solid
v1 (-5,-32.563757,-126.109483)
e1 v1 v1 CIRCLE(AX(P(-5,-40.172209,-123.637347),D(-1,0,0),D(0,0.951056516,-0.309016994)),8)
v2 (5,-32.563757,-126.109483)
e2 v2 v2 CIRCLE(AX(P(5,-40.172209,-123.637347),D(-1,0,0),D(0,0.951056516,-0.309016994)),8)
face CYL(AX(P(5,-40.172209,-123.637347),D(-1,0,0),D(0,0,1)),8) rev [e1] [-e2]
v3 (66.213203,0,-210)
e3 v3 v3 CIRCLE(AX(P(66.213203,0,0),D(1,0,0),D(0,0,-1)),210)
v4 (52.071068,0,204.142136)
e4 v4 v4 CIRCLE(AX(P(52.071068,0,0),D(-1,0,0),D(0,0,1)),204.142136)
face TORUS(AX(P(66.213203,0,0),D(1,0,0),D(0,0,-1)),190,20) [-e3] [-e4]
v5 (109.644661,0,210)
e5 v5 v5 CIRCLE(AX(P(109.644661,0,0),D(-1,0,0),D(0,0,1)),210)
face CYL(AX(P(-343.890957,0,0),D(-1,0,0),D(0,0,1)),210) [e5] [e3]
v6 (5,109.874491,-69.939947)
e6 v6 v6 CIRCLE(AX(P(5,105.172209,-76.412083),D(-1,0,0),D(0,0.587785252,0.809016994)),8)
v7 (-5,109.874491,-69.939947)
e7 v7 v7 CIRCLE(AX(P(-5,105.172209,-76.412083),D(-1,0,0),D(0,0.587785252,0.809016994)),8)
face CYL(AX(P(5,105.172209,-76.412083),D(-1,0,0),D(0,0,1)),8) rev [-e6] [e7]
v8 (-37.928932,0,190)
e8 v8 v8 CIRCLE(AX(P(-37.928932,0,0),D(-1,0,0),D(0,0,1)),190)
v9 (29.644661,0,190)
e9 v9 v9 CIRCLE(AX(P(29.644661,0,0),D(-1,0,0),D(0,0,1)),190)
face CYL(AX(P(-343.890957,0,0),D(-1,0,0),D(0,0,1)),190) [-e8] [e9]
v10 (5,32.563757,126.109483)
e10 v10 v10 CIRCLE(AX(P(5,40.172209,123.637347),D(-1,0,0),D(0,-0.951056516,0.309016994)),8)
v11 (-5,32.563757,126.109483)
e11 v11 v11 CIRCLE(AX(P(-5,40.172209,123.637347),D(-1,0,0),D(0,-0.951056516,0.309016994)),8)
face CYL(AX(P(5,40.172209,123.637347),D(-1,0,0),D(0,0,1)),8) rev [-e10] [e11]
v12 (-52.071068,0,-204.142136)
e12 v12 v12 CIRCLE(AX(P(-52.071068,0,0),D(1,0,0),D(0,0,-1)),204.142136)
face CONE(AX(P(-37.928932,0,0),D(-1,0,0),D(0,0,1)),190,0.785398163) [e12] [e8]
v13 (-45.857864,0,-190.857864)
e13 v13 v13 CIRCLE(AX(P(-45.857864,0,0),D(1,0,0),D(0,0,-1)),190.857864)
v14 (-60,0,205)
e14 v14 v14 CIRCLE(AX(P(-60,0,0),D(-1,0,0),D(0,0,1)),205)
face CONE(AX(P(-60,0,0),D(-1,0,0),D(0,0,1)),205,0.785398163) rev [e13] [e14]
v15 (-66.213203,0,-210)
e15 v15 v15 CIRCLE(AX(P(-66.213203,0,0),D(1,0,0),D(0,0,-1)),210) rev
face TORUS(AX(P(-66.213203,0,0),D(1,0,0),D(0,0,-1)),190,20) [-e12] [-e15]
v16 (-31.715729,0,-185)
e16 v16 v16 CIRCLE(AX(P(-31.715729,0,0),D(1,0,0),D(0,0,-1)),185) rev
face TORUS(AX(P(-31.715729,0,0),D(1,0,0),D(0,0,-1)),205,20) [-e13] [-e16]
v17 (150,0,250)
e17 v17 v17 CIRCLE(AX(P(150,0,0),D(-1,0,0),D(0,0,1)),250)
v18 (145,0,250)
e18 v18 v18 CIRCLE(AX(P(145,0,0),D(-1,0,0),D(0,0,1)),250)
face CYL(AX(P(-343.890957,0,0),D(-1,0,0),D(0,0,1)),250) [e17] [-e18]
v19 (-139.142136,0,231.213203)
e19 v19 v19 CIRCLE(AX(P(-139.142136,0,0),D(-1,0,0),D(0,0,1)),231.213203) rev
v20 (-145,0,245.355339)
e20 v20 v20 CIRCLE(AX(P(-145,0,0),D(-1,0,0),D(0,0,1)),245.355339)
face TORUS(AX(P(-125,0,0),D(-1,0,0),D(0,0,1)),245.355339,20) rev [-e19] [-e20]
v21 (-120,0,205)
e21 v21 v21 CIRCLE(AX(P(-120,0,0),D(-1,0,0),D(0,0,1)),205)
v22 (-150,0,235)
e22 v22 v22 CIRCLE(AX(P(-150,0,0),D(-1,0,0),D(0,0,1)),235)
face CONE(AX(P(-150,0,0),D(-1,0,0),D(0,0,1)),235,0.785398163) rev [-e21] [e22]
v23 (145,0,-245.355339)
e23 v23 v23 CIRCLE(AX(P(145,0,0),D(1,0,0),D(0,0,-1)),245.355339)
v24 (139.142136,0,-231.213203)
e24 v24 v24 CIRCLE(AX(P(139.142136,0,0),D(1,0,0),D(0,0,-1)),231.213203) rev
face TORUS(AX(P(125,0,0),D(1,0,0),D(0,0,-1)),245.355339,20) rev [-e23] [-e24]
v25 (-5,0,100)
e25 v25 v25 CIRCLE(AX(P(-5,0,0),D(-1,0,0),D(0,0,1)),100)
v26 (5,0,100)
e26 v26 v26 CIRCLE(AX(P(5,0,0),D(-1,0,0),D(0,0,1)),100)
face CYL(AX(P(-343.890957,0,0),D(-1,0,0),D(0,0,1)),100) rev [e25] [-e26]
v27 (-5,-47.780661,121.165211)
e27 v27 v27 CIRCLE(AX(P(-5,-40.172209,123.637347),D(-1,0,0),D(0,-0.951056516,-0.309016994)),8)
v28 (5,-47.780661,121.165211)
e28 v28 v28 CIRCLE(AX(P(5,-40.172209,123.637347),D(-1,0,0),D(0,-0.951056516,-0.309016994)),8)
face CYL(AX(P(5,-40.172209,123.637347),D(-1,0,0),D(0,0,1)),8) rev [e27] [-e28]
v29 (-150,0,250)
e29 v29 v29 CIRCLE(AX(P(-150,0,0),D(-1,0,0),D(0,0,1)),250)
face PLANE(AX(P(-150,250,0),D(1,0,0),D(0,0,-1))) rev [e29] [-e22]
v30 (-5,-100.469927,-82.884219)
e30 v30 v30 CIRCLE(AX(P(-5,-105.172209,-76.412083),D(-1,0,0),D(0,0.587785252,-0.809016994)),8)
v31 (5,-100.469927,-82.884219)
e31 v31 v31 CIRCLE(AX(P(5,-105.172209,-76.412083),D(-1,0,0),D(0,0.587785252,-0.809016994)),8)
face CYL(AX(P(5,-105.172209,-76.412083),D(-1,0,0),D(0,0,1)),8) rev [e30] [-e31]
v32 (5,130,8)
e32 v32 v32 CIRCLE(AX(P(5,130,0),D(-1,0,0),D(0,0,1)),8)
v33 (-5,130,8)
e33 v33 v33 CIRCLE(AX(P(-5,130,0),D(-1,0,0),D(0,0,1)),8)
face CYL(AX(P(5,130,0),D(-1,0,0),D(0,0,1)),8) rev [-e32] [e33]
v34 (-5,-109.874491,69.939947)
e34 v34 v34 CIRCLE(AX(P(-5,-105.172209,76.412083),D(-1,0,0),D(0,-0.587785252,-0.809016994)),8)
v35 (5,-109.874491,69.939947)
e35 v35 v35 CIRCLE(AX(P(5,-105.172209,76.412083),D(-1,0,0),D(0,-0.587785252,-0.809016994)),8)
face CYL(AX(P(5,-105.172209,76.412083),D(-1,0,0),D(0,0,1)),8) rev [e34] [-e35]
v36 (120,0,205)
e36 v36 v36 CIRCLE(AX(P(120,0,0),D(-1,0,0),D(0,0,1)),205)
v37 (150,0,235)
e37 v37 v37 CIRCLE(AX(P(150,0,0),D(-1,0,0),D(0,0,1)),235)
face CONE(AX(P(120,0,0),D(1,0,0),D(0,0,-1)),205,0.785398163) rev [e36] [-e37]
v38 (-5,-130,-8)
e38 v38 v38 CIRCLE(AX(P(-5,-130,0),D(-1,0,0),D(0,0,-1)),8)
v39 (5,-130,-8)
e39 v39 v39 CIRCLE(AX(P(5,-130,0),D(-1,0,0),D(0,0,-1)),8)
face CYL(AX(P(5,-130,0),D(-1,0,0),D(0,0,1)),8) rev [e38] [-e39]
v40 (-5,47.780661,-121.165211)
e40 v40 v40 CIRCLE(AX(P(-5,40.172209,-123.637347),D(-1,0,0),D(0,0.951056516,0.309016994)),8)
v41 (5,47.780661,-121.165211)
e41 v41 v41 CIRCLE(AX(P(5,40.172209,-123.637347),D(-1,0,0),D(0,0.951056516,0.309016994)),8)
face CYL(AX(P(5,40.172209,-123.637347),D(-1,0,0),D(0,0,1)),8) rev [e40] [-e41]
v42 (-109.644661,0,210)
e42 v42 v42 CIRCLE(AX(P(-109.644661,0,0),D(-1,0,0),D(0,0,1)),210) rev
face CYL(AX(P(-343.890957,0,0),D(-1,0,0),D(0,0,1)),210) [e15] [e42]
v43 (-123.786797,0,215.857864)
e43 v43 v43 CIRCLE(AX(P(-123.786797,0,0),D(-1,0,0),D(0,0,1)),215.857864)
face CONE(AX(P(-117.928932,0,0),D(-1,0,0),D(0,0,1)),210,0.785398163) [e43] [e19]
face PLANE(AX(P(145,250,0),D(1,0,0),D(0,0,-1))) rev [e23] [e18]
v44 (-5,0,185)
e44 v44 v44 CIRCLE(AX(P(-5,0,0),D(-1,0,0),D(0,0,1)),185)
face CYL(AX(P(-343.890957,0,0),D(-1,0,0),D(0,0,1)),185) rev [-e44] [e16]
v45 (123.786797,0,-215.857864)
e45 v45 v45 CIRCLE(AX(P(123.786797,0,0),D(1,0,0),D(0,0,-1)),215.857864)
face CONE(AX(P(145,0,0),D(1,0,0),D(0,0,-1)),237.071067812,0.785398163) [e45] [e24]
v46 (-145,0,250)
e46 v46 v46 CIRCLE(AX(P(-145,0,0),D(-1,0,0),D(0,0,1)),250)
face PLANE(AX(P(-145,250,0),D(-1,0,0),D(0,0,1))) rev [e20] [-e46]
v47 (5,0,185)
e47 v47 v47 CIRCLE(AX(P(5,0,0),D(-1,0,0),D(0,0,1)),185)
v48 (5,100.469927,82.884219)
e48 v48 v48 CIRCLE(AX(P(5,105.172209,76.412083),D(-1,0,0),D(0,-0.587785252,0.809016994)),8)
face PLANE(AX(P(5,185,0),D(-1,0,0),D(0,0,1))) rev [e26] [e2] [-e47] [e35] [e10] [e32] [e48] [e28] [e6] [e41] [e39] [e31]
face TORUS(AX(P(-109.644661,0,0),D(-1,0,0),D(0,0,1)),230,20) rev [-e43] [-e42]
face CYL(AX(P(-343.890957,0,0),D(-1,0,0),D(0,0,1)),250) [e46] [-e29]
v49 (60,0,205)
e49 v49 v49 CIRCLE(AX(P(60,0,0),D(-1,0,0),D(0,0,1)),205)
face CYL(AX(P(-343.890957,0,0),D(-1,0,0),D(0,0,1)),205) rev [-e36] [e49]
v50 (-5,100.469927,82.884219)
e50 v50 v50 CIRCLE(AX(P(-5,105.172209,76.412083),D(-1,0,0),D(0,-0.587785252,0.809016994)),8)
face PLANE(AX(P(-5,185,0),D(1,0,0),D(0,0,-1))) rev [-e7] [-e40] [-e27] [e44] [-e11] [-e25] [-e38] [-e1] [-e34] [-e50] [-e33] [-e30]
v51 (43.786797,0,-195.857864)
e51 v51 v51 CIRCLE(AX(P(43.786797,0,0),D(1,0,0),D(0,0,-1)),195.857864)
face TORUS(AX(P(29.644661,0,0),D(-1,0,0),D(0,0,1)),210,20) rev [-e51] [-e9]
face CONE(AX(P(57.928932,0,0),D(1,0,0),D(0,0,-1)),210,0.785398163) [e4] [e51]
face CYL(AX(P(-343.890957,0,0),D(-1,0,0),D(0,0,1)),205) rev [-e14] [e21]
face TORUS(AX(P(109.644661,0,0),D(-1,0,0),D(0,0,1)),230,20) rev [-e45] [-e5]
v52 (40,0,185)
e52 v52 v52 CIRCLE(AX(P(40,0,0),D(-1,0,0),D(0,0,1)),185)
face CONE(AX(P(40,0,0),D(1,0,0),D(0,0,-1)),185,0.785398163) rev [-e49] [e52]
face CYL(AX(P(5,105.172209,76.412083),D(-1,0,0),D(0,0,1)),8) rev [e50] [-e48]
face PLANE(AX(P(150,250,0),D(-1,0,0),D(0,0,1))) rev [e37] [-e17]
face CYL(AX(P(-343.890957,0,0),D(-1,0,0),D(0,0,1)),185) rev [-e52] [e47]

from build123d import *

# Parameters (mm, degrees)
FILLET1_R          = 20
SKETCH2_R          = 8
CUT_EXTRUDE1_DEPTH = 10
CIRPATTERN1_COUNT  = 10


with BuildPart() as part:
    # Sketch1 → Revolve1 (revolve)
    with BuildSketch(Plane.XY, mode=Mode.PRIVATE) as revolve1_sk:
        Polygon((-150, 250), (-150, 235), (-120, 205), (-60, 205), (-40, 185), (-5, 185), (-5, 100), (5, 100), (5, 185), (40, 185), (60, 205), (120, 205), (150, 235), (150, 250), (145, 250), (145, 237.071067812), (117.928932188, 210), (57.928932188, 210), (37.928932188, 190), (-37.928932188, 190), (-57.928932188, 210), (-117.928932188, 210), (-145, 237.071067812), (-145, 250), align=None)
    revolve(revolve1_sk.sketch.rotate(Axis((-343.890956764, 0, 0), (1, 0, 0)), 90), axis=Axis((-343.890956764, 0, 0), (1, 0, 0)))

    # Fillet1
    fillet1_edges = [part.edges().sort_by_distance(p)[0] for p in [
        (-40, 0, -185),
        (145, 0, -237.071067812),
        (117.928932188, 0, -210),
        (57.928932188, 0, -210),
        (37.928932188, 0, -190),
        (-57.928932188, 0, -210),
        (-117.928932188, 0, -210),
        (-145, 0, -237.071067812),
    ]]
    fillet(fillet1_edges, radius=FILLET1_R)

    # Sketch2 → Cut-Extrude1 (cut)
    with BuildSketch(Plane.ZY.offset(5)):
        with Locations((0, 130)):
            Circle(SKETCH2_R)
    cut_extrude1 = extrude(amount=-CUT_EXTRUDE1_DEPTH, mode=Mode.SUBTRACT)

    # CirPattern1: Cut-Extrude1 ×10 about axis
    cirpattern1_axis = Axis((0, 0, 0), (1, 0, 0))
    for i in range(1, CIRPATTERN1_COUNT):
        add(cut_extrude1.rotate(cirpattern1_axis, i * 360 / CIRPATTERN1_COUNT), mode=Mode.SUBTRACT)


solid = part.part
